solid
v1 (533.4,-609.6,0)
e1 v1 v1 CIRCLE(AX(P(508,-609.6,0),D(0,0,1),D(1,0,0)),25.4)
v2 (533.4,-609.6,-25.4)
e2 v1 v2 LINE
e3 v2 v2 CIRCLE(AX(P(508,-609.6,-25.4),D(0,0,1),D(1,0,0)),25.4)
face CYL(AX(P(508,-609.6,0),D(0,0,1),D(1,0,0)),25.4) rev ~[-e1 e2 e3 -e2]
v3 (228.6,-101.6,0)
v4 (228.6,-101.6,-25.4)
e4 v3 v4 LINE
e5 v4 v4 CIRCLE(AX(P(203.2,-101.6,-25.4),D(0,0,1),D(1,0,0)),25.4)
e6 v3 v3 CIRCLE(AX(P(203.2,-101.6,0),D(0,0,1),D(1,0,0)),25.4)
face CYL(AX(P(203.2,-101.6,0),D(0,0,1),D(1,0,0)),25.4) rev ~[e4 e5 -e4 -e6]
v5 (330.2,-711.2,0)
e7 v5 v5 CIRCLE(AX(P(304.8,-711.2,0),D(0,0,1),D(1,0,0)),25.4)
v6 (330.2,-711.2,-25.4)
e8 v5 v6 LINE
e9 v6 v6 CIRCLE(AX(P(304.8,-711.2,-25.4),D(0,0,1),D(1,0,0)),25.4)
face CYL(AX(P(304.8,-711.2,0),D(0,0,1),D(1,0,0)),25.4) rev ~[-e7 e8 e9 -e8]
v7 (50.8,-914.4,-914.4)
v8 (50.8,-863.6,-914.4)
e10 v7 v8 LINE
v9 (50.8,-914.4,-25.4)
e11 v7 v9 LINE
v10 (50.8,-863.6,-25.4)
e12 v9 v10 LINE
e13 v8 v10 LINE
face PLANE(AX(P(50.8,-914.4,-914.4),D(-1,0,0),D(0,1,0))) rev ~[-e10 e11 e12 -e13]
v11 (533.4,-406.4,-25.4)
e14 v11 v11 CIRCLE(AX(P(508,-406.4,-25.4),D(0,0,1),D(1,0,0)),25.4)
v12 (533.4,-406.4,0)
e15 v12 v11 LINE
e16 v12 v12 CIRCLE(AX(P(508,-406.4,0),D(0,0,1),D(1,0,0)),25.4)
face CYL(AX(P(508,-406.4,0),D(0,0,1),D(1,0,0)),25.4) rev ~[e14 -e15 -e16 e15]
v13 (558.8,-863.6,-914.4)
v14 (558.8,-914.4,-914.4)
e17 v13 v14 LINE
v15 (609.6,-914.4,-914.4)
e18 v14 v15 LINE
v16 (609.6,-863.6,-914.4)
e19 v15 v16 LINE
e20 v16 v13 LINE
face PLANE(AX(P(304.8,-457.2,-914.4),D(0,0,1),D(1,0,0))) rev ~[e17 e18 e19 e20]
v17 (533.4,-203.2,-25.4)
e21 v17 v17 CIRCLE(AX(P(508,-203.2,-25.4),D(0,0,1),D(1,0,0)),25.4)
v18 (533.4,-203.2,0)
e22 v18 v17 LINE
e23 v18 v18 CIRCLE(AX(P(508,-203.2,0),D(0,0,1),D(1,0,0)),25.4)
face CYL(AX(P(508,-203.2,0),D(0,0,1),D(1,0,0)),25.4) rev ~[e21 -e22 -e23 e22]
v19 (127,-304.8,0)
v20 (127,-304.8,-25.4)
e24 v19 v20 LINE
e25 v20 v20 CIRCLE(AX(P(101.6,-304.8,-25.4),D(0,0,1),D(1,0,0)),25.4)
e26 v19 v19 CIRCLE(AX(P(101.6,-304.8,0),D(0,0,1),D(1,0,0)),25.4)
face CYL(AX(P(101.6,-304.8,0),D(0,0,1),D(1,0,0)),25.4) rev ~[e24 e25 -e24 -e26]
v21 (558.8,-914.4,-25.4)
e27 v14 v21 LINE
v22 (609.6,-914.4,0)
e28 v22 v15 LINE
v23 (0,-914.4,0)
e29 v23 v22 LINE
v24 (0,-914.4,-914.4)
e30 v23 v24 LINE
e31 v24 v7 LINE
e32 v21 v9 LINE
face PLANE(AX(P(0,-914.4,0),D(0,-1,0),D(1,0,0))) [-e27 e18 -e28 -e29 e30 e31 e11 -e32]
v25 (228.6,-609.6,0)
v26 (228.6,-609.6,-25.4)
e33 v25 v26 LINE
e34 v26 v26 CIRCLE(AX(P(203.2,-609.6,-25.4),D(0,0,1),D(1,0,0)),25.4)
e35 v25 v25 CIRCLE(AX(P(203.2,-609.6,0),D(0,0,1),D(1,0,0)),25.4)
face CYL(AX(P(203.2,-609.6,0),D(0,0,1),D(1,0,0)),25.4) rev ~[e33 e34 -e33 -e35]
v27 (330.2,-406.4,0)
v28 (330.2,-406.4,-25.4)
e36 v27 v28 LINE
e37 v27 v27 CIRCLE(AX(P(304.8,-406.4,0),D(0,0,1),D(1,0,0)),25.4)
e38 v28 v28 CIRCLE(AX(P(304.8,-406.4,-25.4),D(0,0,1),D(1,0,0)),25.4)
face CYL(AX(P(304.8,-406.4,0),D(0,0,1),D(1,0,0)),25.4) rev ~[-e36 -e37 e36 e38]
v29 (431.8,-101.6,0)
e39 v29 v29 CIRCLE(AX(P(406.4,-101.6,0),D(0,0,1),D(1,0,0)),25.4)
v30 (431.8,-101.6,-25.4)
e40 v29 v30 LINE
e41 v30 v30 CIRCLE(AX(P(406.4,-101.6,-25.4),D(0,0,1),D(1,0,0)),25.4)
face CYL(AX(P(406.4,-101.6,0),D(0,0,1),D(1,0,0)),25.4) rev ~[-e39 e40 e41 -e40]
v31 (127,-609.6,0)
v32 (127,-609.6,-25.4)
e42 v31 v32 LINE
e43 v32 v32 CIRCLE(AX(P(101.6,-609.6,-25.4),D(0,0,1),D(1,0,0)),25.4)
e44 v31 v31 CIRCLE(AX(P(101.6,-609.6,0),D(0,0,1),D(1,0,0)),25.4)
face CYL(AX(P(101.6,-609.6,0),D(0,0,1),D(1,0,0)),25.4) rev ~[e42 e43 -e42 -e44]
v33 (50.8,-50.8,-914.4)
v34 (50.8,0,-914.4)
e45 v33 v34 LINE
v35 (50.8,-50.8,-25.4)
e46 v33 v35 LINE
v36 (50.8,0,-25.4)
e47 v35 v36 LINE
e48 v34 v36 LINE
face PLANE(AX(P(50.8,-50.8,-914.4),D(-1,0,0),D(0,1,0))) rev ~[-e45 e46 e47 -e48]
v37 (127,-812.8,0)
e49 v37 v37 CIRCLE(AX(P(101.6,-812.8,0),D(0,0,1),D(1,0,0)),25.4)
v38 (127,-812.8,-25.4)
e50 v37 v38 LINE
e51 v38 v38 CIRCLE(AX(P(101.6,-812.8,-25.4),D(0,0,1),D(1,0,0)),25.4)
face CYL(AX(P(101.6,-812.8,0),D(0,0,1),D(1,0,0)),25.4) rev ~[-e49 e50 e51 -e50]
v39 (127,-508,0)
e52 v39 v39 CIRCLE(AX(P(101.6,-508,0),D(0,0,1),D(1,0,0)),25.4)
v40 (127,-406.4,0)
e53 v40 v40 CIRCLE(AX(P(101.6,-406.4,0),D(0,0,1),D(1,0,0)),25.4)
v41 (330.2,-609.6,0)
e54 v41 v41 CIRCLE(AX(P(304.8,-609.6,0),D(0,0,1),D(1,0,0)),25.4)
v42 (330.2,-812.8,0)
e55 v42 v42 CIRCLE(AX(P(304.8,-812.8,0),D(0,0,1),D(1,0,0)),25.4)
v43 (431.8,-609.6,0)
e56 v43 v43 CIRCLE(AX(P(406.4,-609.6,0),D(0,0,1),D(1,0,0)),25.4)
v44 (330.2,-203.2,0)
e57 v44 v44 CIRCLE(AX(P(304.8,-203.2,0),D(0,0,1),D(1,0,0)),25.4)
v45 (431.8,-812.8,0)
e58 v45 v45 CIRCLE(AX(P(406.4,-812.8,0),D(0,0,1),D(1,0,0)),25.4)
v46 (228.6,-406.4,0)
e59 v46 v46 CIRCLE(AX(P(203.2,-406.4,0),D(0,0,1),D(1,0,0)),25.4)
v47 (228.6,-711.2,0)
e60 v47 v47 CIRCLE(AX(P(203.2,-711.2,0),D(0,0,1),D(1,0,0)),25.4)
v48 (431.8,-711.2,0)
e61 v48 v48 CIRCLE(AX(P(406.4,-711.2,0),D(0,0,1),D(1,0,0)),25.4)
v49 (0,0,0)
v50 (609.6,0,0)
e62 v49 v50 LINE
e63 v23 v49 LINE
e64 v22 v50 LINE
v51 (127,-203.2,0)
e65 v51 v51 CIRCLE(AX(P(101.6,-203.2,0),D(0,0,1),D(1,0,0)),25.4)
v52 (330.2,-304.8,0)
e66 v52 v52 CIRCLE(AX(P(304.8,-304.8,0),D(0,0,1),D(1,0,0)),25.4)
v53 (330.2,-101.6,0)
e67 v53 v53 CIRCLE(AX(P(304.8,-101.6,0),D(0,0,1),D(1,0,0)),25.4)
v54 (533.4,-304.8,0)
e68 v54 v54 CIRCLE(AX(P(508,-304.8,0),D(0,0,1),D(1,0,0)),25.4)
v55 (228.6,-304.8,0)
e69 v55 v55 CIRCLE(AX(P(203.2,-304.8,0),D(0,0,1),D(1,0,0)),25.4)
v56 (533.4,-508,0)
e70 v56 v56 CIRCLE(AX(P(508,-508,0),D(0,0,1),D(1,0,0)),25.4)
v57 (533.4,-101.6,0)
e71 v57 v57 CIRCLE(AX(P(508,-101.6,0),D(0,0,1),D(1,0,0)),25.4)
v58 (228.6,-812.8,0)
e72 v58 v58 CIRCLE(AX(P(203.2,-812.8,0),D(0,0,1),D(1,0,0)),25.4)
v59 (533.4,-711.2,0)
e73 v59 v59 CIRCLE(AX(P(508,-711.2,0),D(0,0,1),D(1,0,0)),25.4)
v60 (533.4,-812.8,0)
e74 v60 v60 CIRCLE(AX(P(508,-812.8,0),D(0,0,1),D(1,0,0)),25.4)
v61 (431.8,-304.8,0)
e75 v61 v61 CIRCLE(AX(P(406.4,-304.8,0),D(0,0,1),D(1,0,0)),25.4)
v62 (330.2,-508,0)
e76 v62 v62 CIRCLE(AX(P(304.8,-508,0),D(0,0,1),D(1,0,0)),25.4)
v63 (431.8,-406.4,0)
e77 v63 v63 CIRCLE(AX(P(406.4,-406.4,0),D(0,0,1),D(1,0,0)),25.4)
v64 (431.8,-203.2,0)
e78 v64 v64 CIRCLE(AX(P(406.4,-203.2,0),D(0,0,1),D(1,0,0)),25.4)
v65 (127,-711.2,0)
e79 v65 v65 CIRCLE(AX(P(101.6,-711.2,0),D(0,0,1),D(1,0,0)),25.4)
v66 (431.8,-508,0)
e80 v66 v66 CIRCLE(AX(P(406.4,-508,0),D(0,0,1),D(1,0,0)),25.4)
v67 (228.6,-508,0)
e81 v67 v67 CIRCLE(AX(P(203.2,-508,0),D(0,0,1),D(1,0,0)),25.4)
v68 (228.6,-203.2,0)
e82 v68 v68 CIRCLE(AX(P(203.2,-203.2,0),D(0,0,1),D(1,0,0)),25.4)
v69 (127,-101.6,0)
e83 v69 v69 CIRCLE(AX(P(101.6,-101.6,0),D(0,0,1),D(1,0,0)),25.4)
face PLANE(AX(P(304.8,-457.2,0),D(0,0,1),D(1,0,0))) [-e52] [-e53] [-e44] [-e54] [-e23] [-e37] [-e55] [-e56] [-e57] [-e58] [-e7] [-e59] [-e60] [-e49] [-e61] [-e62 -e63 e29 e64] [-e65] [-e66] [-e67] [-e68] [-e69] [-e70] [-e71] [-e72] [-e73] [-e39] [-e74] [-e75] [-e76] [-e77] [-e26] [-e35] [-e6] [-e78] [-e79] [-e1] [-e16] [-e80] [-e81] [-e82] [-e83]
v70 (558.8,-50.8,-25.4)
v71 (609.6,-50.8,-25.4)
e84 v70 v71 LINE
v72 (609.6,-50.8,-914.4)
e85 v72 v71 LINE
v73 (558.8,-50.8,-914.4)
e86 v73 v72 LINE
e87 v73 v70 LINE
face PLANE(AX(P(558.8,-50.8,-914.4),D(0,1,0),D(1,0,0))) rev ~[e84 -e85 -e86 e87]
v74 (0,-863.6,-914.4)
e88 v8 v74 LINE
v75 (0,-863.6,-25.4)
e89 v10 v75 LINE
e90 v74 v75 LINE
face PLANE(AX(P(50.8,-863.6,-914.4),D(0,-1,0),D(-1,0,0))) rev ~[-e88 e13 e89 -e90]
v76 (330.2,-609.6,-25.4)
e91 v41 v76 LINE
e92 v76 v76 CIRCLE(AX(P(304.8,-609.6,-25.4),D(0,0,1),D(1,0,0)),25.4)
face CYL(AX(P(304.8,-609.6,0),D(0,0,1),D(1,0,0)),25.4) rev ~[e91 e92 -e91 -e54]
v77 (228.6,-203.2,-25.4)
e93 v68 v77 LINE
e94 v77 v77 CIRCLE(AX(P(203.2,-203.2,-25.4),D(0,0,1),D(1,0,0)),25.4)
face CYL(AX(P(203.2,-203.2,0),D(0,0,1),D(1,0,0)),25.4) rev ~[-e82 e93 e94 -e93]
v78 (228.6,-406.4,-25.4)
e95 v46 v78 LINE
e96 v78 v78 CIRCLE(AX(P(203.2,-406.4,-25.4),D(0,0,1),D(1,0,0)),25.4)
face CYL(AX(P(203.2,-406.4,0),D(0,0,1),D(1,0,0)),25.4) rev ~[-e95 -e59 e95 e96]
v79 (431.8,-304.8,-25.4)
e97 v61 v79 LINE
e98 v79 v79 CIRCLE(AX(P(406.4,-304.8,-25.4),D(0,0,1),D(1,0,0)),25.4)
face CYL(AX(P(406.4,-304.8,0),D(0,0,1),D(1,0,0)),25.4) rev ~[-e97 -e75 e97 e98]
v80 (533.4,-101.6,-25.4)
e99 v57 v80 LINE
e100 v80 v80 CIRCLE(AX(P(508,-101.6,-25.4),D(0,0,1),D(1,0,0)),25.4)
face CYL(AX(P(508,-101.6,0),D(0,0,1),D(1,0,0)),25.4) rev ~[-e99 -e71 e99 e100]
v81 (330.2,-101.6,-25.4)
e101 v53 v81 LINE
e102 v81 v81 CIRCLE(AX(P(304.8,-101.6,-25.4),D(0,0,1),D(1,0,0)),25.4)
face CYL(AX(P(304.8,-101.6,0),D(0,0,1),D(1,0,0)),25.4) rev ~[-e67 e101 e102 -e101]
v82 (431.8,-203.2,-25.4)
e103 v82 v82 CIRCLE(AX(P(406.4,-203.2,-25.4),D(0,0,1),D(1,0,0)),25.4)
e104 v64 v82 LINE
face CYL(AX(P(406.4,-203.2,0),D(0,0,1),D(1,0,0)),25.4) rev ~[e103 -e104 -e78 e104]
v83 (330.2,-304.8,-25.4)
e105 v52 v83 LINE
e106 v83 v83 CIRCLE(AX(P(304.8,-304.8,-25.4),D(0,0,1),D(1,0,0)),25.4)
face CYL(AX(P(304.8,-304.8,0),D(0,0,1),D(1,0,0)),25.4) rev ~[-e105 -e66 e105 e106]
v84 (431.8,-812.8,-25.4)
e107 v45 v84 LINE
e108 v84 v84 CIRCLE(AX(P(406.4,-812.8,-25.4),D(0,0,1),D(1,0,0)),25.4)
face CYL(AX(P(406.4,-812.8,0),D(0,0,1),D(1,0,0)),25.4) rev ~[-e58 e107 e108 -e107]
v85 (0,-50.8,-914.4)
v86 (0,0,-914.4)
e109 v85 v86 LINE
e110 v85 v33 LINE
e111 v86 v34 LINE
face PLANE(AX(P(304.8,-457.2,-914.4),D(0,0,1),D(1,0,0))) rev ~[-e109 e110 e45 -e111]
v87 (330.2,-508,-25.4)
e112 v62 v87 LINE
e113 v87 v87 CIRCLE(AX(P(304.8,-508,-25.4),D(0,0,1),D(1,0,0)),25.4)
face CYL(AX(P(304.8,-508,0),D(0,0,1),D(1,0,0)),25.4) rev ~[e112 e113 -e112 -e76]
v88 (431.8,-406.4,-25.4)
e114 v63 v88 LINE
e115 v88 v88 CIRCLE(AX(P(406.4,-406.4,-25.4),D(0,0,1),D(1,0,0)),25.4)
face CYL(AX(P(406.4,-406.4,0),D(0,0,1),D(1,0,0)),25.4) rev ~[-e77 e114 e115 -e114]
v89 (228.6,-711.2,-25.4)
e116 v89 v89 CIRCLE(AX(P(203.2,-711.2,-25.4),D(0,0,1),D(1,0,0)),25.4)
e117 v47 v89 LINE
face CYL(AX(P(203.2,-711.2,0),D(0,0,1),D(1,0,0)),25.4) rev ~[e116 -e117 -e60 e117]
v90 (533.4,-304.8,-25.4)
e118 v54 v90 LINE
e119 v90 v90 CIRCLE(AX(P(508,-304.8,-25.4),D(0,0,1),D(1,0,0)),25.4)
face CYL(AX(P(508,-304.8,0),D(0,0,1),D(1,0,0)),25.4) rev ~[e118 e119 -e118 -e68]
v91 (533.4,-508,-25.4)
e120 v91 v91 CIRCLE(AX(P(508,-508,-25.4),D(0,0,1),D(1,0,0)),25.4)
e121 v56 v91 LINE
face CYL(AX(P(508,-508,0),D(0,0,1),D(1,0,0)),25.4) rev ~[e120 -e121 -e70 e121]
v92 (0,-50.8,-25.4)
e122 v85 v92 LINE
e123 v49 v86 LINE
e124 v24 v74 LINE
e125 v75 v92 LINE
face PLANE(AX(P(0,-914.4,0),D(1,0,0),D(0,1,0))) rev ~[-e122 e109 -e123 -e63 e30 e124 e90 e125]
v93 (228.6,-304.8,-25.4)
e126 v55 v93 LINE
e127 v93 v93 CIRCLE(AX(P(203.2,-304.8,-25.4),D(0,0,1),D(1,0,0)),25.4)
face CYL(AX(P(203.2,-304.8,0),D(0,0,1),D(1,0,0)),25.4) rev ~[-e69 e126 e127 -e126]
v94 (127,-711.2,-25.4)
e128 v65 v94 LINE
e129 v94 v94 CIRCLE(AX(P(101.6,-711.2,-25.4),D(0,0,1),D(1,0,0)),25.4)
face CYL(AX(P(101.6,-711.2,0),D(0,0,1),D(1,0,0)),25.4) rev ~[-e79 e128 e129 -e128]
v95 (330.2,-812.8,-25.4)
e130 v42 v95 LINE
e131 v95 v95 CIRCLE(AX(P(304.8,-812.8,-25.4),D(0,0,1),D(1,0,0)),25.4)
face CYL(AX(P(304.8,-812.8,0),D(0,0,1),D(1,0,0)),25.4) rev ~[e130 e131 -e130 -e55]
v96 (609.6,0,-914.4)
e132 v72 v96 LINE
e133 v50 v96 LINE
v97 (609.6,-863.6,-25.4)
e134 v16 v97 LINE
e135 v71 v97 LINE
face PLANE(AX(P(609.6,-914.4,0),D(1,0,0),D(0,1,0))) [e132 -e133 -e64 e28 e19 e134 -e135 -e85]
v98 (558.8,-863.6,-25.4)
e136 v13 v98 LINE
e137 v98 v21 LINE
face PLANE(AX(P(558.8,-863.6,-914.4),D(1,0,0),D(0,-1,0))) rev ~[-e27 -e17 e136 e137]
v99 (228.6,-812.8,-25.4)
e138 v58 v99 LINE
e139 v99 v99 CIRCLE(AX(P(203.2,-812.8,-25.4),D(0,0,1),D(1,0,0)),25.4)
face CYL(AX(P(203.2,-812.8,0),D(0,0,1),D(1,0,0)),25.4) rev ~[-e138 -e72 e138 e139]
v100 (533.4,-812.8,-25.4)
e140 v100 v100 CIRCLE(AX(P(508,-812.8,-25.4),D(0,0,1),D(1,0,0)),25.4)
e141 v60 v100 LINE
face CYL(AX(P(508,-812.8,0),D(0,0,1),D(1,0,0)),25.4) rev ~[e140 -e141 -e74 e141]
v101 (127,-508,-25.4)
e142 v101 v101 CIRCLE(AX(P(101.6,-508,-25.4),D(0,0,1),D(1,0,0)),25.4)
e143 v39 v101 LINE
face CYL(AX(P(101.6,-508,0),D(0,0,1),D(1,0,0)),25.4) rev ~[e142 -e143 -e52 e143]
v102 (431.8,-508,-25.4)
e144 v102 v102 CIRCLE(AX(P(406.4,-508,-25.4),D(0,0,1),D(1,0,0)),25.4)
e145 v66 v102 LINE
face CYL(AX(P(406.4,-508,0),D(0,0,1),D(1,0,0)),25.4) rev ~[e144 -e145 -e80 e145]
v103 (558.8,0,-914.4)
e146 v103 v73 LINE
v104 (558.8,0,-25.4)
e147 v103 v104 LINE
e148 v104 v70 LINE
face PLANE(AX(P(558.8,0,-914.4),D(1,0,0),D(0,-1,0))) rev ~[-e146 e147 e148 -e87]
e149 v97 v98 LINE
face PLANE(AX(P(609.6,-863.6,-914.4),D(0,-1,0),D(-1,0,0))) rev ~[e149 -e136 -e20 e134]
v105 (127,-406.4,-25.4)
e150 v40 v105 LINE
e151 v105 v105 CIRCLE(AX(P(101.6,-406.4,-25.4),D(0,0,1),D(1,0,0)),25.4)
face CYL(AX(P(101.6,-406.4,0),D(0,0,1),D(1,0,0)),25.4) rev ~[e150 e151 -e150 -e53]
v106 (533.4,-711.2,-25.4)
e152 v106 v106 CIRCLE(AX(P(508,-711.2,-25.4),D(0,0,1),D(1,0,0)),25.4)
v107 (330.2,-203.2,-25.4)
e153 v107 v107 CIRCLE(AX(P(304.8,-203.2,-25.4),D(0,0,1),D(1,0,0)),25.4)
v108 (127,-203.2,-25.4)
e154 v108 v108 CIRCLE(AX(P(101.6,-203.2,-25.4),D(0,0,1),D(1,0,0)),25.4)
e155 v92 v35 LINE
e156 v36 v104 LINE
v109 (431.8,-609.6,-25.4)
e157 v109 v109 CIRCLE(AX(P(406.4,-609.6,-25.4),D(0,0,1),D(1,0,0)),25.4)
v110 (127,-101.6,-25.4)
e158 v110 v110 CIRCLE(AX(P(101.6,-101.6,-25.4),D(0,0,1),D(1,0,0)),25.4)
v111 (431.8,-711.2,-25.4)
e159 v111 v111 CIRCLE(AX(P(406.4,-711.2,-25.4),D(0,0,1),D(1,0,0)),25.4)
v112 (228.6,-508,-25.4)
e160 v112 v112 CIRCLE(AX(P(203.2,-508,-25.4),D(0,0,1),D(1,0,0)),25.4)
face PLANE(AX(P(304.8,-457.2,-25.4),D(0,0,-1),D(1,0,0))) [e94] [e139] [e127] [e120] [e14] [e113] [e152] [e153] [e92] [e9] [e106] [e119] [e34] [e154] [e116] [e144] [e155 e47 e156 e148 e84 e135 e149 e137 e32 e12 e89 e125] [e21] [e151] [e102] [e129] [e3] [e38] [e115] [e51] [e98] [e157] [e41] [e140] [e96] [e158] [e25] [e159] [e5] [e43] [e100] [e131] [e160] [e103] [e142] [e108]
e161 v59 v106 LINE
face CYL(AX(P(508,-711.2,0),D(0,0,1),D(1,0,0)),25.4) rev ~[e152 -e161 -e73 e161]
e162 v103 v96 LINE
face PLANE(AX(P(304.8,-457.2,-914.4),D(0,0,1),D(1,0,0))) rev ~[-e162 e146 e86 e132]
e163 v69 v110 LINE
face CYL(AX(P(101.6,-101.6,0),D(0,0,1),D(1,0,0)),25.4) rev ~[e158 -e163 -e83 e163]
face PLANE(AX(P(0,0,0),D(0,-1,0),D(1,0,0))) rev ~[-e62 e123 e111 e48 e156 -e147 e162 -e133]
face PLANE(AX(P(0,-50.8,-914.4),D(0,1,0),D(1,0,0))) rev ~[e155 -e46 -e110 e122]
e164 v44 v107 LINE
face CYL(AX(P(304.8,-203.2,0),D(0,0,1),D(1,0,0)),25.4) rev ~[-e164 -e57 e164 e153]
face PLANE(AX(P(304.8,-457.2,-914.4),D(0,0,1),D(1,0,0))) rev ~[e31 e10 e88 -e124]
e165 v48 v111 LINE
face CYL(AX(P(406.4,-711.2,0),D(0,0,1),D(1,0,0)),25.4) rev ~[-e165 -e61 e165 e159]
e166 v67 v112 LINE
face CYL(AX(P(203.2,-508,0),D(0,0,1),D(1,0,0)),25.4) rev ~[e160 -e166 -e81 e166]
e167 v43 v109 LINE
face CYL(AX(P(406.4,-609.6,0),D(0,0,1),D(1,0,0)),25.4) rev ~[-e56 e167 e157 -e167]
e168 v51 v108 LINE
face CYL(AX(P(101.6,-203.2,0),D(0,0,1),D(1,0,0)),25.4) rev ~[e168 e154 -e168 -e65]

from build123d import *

# Parameters (mm, degrees)
F0_W     = 609.6
F0_H     = 914.4
F1_DEPTH = 914.4
F3_DEPTH = 889
F4_R     = 25.4
F5_DEPTH = 914.401


with BuildPart() as f1:
    # F0 (on Top) → F1 (new body)
    with BuildSketch(Plane.XY):
        with Locations((304.8, -457.2)):
            Rectangle(F0_W, F0_H)
    extrude(amount=-F1_DEPTH)

    # F2 (on face) → F3 (cut)
    with BuildSketch(Plane(origin=(0, 0, -914.4), x_dir=(1, 0, 0), z_dir=(0, 0, -1))):
        Polygon((50.8, 50.8), (50.8, 0), (558.8, 0), (558.8, 50.8), (609.6, 50.8), (609.6, 863.6), (558.8, 863.6), (558.8, 914.4), (50.8, 914.4), (50.8, 863.6), (0, 863.6), (0, 50.8), align=None)
    extrude(amount=-F3_DEPTH, mode=Mode.SUBTRACT)

    # F4 (on face) → F5 (cut, through all)
    with BuildSketch(Plane.XY):
        with Locations((101.6, -101.6)):
            Circle(F4_R)
        with Locations((203.2, -101.6)):
            Circle(F4_R)
        with Locations((304.8, -101.6)):
            Circle(F4_R)
        with Locations((406.4, -101.6)):
            Circle(F4_R)
        with Locations((508, -101.6)):
            Circle(F4_R)
        with Locations((508, -203.2)):
            Circle(F4_R)
        with Locations((406.4, -203.2)):
            Circle(F4_R)
        with Locations((304.8, -203.2)):
            Circle(F4_R)
        with Locations((203.2, -203.2)):
            Circle(F4_R)
        with Locations((101.6, -203.2)):
            Circle(F4_R)
        with Locations((101.6, -304.8)):
            Circle(F4_R)
        with Locations((203.2, -304.8)):
            Circle(F4_R)
        with Locations((304.8, -304.8)):
            Circle(F4_R)
        with Locations((406.4, -304.8)):
            Circle(F4_R)
        with Locations((508, -304.8)):
            Circle(F4_R)
        with Locations((508, -406.4)):
            Circle(F4_R)
        with Locations((406.4, -406.4)):
            Circle(F4_R)
        with Locations((304.8, -406.4)):
            Circle(F4_R)
        with Locations((203.2, -406.4)):
            Circle(F4_R)
        with Locations((101.6, -406.4)):
            Circle(F4_R)
        with Locations((101.6, -508)):
            Circle(F4_R)
        with Locations((203.2, -508)):
            Circle(F4_R)
        with Locations((304.8, -508)):
            Circle(F4_R)
        with Locations((406.4, -508)):
            Circle(F4_R)
        with Locations((508, -508)):
            Circle(F4_R)
        with Locations((508, -609.6)):
            Circle(F4_R)
        with Locations((406.4, -609.6)):
            Circle(F4_R)
        with Locations((304.8, -609.6)):
            Circle(F4_R)
        with Locations((203.2, -609.6)):
            Circle(F4_R)
        with Locations((101.6, -609.6)):
            Circle(F4_R)
        with Locations((101.6, -711.2)):
            Circle(F4_R)
        with Locations((203.2, -711.2)):
            Circle(F4_R)
        with Locations((304.8, -711.2)):
            Circle(F4_R)
        with Locations((406.4, -711.2)):
            Circle(F4_R)
        with Locations((508, -711.2)):
            Circle(F4_R)
        with Locations((508, -812.8)):
            Circle(F4_R)
        with Locations((406.4, -812.8)):
            Circle(F4_R)
        with Locations((304.8, -812.8)):
            Circle(F4_R)
        with Locations((203.2, -812.8)):
            Circle(F4_R)
        with Locations((101.6, -812.8)):
            Circle(F4_R)
    extrude(amount=-F5_DEPTH, mode=Mode.SUBTRACT)


solid = f1.part
